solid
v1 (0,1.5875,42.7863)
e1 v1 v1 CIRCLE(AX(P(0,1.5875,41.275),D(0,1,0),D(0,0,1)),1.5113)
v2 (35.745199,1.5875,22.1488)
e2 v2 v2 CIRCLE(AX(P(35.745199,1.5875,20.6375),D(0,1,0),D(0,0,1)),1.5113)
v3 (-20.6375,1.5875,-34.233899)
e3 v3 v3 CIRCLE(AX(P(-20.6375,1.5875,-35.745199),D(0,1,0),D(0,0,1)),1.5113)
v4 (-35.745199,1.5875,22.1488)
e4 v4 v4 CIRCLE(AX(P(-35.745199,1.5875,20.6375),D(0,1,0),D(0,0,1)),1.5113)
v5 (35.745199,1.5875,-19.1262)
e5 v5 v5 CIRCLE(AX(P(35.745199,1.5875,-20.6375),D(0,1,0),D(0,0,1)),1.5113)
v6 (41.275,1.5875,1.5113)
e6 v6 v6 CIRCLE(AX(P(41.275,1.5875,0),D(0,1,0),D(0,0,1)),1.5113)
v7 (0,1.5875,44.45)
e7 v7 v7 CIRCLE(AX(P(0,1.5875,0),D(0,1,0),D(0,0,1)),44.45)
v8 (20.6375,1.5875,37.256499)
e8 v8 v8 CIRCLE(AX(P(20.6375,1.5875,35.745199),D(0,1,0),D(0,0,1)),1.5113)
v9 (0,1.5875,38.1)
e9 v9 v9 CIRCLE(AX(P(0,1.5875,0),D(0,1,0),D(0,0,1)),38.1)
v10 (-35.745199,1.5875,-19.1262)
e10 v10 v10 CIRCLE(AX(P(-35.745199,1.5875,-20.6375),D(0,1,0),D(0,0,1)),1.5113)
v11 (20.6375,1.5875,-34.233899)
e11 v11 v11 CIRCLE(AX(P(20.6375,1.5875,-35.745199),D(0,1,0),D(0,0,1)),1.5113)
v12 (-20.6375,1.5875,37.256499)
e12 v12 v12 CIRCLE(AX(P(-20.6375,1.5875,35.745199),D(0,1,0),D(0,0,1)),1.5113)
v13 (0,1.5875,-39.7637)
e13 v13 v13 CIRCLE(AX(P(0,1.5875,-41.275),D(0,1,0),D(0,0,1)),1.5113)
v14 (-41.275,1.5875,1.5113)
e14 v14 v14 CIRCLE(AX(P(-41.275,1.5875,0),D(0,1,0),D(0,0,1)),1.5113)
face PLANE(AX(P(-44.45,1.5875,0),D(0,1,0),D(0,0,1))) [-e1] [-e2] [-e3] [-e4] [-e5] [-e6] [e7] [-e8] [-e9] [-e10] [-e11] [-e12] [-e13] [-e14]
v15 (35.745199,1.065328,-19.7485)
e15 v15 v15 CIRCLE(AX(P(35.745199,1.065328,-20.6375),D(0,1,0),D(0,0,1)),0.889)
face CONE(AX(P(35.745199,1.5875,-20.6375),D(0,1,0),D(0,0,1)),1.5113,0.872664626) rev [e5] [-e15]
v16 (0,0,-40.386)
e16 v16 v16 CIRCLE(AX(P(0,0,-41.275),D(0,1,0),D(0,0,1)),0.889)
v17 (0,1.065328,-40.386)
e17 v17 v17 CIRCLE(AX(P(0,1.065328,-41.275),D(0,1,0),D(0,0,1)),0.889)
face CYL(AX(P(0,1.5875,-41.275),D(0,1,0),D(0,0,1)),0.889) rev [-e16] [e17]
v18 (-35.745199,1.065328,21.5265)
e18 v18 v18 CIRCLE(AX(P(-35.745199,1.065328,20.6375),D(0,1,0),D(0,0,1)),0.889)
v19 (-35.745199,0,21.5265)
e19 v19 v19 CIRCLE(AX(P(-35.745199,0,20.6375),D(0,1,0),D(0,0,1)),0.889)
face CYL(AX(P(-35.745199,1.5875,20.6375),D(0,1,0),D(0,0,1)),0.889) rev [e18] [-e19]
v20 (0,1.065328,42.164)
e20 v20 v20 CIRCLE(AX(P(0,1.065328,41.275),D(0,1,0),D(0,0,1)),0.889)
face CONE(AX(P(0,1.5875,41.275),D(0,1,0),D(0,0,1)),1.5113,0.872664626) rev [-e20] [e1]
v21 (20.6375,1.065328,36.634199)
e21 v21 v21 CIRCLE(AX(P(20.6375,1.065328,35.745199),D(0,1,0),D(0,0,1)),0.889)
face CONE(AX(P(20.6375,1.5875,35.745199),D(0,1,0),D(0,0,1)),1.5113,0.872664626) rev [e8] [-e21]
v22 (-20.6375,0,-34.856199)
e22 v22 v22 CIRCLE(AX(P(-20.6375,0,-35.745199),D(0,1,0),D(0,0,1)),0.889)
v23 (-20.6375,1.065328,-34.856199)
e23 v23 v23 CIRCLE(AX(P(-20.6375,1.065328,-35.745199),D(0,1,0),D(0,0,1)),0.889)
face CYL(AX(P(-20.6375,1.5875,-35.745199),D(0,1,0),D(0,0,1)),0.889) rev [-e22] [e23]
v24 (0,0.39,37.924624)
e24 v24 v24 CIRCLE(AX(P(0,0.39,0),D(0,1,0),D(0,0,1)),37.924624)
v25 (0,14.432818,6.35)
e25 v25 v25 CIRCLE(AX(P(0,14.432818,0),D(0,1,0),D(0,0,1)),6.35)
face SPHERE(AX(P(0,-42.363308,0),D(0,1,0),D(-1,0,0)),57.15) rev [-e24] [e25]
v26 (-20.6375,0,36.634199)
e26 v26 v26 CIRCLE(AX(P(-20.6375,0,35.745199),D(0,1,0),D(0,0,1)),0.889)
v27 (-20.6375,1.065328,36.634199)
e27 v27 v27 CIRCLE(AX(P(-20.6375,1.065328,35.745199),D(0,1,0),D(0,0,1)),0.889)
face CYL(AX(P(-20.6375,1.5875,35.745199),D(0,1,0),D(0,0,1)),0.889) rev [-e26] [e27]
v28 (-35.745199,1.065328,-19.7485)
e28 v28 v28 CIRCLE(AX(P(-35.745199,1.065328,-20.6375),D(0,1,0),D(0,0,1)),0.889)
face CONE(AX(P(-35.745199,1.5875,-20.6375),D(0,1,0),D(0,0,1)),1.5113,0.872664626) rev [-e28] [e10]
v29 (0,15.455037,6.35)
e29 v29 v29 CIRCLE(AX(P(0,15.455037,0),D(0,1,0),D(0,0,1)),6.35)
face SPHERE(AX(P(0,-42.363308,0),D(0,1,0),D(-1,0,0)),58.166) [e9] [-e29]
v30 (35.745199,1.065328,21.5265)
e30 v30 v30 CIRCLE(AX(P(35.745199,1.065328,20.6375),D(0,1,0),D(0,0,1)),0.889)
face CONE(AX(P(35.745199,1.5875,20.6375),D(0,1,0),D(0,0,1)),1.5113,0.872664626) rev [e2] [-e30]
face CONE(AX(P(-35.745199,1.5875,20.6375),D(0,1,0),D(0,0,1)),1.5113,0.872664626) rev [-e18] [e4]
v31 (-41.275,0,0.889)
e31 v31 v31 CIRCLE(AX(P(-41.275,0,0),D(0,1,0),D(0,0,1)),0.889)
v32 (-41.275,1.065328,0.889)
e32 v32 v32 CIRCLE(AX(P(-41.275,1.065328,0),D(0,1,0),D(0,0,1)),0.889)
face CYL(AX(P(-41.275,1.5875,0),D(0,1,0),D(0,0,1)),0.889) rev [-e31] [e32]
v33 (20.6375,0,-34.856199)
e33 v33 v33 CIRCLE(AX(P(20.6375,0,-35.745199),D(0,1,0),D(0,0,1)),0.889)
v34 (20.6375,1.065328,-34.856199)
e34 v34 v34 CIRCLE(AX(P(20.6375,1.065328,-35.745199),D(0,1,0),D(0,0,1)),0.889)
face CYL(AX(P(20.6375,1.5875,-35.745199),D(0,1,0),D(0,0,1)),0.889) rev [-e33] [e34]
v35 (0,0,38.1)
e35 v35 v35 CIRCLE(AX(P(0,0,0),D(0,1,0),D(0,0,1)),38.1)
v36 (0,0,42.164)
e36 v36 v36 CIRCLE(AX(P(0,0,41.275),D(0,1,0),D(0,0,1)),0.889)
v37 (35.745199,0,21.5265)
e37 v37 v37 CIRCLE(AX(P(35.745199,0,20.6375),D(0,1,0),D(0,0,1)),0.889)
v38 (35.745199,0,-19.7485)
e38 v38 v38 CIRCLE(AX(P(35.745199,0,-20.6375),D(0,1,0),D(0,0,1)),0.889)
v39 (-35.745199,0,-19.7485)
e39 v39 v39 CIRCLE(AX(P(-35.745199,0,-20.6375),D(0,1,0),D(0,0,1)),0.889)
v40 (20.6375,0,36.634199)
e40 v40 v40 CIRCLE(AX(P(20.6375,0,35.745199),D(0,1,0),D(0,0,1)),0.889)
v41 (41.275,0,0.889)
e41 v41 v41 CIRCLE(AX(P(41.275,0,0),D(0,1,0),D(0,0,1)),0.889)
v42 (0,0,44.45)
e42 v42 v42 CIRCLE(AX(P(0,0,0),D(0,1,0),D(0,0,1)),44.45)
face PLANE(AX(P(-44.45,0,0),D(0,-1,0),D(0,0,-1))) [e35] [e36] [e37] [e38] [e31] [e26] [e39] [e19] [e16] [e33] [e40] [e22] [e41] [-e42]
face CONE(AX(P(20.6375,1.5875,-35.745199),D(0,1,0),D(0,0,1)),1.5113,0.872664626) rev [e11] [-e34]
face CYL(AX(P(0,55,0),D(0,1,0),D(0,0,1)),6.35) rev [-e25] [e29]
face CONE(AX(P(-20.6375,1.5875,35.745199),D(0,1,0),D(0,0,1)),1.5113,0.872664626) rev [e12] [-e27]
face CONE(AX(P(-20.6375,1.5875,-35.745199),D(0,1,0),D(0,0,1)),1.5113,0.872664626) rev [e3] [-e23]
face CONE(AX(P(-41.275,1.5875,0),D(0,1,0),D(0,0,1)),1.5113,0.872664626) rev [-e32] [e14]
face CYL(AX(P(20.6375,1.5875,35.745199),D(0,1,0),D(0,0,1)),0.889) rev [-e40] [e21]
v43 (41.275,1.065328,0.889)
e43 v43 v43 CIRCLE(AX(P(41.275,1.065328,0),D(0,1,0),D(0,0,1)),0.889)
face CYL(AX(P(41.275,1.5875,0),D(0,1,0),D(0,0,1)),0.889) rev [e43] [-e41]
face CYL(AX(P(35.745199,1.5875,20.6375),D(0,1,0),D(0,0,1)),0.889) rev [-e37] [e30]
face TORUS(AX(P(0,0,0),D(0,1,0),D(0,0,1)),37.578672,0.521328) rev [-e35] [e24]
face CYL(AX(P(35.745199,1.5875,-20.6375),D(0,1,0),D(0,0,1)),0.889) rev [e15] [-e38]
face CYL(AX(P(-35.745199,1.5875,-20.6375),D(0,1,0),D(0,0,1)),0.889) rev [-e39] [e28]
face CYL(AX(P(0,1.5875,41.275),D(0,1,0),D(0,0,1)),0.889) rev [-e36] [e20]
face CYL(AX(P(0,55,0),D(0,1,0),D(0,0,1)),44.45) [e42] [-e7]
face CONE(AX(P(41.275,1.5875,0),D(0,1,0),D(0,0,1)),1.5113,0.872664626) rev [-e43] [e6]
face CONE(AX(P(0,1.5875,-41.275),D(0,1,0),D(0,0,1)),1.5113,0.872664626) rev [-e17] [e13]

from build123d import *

# Parameters (mm, degrees)
CSK_FOR_0_FLAT_HEAD_MACHINE_SCREW_100_D           = 1.778
CSK_FOR_0_FLAT_HEAD_MACHINE_SCREW_100_CSINK_D     = 3.0226
CSK_FOR_0_FLAT_HEAD_MACHINE_SCREW_100_CSINK_ANGLE = 100
CIRPATTERN1_COUNT                                 = 12


with BuildPart() as part:
    # Sketch1 → Revolve1 (revolve)
    with BuildSketch(Plane.XY):
        with BuildLine():
            Line((-44.45, 0), (-38.1, 0))
            ThreePointArc((-38.1, 0), (-38.054138834, 0.213808772), (-37.924624138, 0.390000091))
            ThreePointArc((-37.924624138, 0.390000091), (-23.22414199, 9.855095754), (-6.35, 14.432818263))
            Line((-6.35, 14.432818263), (-6.35, 15.455036958))
            ThreePointArc((-6.35, 15.455036958), (-23.281489865, 10.940122909), (-38.1, 1.5875))
            Line((-38.1, 1.5875), (-44.45, 1.5875))
            Line((-44.45, 1.5875), (-44.45, 0))
        make_face()
    revolve(axis=Axis((0, 55, 0), (0, -1, 0)))

    # CSK for #0 Flat Head Machine Screw (100)1 (through all)
    with Locations(Plane(origin=(0, 1.5875, 0), x_dir=(1, 0, 0), z_dir=(0, 1, 0))):
        with Locations((-41.275, 0)):
            csk_for_0_flat_head_machine_screw_100 = CounterSinkHole(CSK_FOR_0_FLAT_HEAD_MACHINE_SCREW_100_D / 2, CSK_FOR_0_FLAT_HEAD_MACHINE_SCREW_100_CSINK_D / 2, counter_sink_angle=CSK_FOR_0_FLAT_HEAD_MACHINE_SCREW_100_CSINK_ANGLE)

    # CirPattern1: CSK for #0 Flat Head Machine Screw (100)1 ×12 about axis
    cirpattern1_axis = Axis((0, 0, 0), (0, 1, 0))
    for i in range(1, CIRPATTERN1_COUNT):
        add(csk_for_0_flat_head_machine_screw_100.rotate(cirpattern1_axis, i * 360 / CIRPATTERN1_COUNT), mode=Mode.SUBTRACT)


solid = part.part
